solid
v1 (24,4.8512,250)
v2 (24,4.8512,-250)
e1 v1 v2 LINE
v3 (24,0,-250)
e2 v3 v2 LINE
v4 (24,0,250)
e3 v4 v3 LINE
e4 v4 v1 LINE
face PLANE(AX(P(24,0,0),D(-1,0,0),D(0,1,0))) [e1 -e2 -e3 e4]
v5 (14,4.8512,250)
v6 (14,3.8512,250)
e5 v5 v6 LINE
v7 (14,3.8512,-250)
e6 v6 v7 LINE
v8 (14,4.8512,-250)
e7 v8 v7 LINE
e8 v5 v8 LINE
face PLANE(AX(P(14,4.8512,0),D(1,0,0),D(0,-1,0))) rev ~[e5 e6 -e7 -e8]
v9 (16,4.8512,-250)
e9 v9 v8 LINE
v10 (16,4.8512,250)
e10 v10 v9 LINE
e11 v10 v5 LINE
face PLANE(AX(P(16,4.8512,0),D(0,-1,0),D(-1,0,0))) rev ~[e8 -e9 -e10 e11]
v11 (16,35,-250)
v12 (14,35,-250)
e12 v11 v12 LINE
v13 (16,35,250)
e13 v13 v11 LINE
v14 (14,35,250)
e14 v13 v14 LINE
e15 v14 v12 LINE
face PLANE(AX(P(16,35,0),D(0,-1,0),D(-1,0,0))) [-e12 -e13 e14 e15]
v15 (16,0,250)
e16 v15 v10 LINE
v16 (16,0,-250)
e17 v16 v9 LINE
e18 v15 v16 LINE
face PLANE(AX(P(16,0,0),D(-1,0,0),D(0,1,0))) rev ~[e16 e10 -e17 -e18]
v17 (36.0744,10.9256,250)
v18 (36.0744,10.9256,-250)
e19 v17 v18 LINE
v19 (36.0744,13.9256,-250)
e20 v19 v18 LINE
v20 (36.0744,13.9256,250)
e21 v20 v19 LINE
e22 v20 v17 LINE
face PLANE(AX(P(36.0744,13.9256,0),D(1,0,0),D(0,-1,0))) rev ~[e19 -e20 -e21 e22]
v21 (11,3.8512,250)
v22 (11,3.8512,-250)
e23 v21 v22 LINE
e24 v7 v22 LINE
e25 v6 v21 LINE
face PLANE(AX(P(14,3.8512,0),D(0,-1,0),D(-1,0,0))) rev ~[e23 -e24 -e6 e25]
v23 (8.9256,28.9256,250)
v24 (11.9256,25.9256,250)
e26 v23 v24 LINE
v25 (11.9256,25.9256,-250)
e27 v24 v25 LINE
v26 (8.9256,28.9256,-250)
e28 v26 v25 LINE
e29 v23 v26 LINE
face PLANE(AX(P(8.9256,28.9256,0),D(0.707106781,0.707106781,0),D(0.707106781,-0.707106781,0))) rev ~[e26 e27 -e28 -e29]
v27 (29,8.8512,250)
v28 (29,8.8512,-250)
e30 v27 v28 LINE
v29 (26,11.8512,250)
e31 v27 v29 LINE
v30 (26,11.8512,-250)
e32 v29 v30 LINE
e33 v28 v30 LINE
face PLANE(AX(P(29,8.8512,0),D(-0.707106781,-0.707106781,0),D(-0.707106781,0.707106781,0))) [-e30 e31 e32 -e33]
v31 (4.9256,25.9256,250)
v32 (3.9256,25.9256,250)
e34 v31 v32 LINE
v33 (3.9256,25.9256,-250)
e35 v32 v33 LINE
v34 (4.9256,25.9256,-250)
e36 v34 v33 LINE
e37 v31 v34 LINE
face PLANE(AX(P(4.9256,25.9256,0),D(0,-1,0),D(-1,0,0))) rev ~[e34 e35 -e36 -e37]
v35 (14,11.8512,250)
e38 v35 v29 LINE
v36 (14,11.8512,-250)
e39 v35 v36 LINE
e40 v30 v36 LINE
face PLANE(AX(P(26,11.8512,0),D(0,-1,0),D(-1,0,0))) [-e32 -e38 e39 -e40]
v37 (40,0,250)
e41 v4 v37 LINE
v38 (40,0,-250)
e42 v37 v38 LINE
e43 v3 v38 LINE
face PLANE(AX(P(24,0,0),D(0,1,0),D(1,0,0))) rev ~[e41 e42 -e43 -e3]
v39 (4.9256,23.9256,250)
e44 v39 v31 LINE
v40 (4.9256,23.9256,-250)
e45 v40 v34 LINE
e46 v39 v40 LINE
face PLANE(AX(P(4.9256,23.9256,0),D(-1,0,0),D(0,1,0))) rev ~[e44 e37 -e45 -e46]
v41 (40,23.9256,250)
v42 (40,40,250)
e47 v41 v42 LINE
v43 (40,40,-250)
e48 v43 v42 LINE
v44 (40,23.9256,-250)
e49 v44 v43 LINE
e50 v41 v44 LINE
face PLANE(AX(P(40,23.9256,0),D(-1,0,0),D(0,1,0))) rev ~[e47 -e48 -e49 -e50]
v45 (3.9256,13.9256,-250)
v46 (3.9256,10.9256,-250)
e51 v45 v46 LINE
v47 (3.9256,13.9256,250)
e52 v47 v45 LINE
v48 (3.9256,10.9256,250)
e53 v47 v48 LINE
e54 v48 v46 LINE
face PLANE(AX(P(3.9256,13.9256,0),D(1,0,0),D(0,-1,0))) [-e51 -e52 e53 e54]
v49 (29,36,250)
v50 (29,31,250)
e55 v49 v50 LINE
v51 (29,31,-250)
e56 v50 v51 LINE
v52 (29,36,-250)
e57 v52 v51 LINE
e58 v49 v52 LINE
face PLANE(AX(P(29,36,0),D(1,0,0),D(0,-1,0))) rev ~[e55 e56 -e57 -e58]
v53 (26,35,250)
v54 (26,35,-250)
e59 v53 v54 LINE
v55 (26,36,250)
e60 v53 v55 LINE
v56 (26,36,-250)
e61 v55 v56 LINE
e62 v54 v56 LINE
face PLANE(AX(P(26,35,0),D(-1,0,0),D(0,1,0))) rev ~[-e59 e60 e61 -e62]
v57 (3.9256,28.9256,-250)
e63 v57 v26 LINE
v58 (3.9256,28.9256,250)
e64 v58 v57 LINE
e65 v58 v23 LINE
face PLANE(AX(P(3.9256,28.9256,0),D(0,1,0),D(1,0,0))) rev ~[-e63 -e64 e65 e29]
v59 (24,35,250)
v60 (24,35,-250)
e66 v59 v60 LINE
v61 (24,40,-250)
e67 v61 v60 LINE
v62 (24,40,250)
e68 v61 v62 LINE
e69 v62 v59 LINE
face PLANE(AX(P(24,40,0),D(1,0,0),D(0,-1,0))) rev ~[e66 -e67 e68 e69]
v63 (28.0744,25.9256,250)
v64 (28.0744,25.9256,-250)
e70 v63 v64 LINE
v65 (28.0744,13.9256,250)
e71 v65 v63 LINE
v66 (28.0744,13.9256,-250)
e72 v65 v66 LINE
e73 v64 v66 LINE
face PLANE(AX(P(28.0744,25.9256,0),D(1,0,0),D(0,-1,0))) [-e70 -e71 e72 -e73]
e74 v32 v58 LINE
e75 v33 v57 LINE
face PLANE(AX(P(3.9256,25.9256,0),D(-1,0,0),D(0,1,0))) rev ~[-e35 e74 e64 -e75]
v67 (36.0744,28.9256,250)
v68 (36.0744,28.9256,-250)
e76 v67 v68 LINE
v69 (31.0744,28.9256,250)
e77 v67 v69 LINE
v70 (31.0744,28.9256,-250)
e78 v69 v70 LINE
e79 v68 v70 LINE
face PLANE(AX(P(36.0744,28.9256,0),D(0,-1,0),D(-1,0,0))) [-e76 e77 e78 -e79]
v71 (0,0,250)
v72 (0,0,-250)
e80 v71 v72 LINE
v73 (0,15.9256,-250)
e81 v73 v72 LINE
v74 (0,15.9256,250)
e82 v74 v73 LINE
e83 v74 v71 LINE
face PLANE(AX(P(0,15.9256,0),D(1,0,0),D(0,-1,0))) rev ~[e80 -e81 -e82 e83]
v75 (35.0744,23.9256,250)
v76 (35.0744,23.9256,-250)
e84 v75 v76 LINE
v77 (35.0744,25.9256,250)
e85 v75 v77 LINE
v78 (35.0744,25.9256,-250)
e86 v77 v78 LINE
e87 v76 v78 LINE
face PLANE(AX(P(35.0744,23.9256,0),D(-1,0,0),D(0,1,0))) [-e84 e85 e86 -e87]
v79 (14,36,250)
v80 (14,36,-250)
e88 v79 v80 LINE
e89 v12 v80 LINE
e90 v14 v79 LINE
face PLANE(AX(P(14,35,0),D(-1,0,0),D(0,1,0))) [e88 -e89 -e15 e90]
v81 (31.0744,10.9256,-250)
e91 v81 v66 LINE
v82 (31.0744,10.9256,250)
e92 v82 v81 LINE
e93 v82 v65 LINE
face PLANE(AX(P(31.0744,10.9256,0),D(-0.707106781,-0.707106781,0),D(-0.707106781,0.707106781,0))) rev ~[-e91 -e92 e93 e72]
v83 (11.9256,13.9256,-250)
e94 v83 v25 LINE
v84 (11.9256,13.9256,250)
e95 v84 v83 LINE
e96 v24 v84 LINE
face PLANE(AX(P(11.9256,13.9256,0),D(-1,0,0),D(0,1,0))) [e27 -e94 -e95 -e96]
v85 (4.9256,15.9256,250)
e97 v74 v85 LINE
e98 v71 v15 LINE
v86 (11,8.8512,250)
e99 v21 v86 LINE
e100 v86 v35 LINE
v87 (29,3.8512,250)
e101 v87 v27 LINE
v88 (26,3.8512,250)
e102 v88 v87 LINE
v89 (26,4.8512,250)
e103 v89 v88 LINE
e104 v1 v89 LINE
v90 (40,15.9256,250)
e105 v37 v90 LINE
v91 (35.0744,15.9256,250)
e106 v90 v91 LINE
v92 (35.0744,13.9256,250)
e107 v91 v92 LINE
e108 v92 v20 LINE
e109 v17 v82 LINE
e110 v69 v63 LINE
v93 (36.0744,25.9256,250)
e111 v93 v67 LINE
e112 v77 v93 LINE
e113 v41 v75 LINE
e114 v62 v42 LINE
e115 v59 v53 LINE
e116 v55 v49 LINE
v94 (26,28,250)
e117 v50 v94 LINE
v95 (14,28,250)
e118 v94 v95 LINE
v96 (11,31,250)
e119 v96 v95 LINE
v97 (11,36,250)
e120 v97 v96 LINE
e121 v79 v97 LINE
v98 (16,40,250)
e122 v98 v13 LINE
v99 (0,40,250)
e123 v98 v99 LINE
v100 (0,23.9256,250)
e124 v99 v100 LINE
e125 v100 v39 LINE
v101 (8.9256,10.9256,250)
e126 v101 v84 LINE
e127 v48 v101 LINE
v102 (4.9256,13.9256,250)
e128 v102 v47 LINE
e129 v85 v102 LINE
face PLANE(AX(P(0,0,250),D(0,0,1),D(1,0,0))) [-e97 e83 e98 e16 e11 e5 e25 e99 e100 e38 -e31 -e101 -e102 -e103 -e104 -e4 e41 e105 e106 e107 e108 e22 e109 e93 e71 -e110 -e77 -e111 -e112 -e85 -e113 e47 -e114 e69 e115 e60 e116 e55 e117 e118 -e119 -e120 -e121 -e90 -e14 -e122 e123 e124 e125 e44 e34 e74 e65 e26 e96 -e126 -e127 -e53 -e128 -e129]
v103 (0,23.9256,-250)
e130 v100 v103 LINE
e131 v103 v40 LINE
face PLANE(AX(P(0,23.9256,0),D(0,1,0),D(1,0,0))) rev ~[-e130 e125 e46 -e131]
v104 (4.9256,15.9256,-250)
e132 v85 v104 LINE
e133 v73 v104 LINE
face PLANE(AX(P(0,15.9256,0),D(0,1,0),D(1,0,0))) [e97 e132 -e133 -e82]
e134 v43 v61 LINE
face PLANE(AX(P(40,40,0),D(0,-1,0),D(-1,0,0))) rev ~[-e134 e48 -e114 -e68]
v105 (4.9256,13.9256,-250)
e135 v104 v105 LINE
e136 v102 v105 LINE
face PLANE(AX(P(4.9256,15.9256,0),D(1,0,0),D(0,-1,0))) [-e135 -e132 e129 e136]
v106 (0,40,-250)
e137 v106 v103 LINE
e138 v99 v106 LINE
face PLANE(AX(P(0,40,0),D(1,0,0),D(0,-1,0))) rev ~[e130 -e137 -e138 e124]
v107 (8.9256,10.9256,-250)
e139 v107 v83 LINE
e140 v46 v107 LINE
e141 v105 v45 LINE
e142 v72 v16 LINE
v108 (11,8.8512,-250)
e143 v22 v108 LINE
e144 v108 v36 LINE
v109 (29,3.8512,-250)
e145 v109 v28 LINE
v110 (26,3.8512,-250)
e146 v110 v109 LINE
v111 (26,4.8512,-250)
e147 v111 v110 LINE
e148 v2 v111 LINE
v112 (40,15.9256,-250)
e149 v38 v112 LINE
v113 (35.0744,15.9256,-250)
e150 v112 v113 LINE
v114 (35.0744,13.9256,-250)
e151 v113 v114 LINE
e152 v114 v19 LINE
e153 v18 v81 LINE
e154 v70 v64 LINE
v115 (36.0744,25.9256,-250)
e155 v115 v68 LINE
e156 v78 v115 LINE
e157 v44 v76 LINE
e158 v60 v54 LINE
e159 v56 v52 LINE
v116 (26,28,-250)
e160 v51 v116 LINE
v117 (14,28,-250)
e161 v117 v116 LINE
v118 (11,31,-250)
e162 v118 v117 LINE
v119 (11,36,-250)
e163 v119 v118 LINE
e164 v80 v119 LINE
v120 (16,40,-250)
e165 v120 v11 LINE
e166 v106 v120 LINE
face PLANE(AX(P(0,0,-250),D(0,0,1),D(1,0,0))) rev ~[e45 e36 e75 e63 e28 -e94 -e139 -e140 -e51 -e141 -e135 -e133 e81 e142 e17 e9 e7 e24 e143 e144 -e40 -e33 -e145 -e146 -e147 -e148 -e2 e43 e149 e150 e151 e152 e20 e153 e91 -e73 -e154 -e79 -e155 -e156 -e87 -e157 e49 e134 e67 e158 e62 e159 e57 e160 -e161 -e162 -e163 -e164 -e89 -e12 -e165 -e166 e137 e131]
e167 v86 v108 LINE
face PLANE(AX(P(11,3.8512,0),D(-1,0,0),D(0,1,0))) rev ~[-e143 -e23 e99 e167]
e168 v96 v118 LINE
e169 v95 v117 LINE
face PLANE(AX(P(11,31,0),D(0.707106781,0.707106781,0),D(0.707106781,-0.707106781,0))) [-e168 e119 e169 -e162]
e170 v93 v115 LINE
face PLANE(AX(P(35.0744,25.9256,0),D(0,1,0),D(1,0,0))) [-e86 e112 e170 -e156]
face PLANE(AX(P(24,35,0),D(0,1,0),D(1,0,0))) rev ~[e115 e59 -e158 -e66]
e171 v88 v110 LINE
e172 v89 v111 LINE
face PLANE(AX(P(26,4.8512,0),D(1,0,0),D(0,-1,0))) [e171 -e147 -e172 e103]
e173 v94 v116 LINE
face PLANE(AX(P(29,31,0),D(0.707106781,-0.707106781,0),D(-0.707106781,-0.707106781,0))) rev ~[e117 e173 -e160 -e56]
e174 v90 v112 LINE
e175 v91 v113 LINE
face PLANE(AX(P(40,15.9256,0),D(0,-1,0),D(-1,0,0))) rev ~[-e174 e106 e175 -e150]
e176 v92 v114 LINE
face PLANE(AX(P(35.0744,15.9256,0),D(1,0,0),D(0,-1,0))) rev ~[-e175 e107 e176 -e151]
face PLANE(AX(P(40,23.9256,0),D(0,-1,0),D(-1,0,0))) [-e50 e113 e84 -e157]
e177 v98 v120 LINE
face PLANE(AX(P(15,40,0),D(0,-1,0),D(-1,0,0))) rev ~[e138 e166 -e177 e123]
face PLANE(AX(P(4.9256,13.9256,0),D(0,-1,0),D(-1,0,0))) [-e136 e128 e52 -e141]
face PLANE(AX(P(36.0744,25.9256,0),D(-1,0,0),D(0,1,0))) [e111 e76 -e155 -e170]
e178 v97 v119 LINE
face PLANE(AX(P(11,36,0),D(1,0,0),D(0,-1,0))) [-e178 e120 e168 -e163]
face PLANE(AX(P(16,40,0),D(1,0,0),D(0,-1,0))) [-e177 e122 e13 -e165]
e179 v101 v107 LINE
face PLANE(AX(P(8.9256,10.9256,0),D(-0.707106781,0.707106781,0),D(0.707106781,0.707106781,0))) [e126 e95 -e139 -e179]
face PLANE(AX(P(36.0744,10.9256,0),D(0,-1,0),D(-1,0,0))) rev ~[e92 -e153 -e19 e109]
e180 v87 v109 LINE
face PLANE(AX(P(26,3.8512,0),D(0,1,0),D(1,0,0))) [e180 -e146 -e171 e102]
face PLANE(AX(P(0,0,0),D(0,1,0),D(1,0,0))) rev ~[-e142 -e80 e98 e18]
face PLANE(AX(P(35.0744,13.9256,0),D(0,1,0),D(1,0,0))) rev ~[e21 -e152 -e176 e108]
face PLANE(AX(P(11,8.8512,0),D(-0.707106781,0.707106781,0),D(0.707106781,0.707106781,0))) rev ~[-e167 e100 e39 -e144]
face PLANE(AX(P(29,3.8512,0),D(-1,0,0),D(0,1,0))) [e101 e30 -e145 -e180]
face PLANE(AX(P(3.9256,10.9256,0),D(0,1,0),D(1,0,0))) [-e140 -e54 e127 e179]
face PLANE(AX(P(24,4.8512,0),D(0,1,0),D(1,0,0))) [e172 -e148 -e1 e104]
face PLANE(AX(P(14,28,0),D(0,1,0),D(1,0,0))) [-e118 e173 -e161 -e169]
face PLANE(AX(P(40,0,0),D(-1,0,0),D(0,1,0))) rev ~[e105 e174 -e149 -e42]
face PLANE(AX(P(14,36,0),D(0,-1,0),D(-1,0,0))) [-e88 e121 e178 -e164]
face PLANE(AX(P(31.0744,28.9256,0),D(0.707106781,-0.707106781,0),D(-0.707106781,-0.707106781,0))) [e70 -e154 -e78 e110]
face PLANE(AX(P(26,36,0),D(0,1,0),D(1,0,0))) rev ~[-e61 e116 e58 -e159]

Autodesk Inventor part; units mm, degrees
ref_plane "YZ Plane" through (0, 0, 0) normal (1, 0, 0) x (0, 1, 0)
ref_plane "XZ Plane" through (0, 0, 0) normal (0, 1, 0) x (-1, 0, 0)
ref_plane "XY Plane" through (0, 0, 0) normal (0, 0, 1) x (1, 0, 0)
sketch "스케치1" plane through (0, 0, 0) normal (0, 0, 1) x (1, 0, 0)
  line L0 (40, 40) -> (25, 40)
  line L1 (15, 40) -> (0, 40)
  line L2 (16, 40) -> (16, 35)
  line L3 (16, 35) -> (14, 35)
  line L4 (14, 35) -> (14, 36)
  line L5 (14, 36) -> (11, 36)
  line L6 (11, 36) -> (11, 31)
  line L7 (11, 31) -> (14, 28)
  line L8 (11, 31) -> (20.81, 31) construction
  line L9 (14, 28) -> (20, 28)
  line L10 (24, 40) -> (24, 35)
  line L11 (24, 35) -> (26, 35)
  line L12 (26, 35) -> (26, 36)
  line L13 (26, 36) -> (29, 36)
  line L14 (29, 36) -> (29, 31)
  line L15 (29, 31) -> (26, 28)
  line L16 (29, 31) -> (19.19, 31) construction
  line L17 (26, 28) -> (20, 28)
  line L18 (-0.0744, 15.9256) -> (4.9256, 15.9256)
  line L19 (-0.0744, 23.9256) -> (4.9256, 23.9256)
  line L20 (4.9256, 23.9256) -> (4.9256, 25.9256)
  line L21 (11.9256, 25.9256) -> (11.9256, 19.9256)
  line L22 (8.9256, 28.9256) -> (8.9256, 19.1155) construction
  line L23 (8.9256, 28.9256) -> (11.9256, 25.9256)
  line L24 (3.9256, 28.9256) -> (8.9256, 28.9256)
  line L25 (3.9256, 25.9256) -> (3.9256, 28.9256)
  line L26 (4.9256, 25.9256) -> (3.9256, 25.9256)
  line L27 (4.9256, 15.9256) -> (4.9256, 13.9256)
  line L28 (11.9256, 13.9256) -> (11.9256, 19.9256)
  line L29 (4.9256, 13.9256) -> (3.9256, 13.9256)
  line L30 (8.9256, 10.9256) -> (11.9256, 13.9256)
  line L31 (8.9256, 10.9256) -> (8.9256, 20.7356) construction
  line L32 (3.9256, 13.9256) -> (3.9256, 10.9256)
  line L33 (3.9256, 10.9256) -> (8.9256, 10.9256)
  line L34 (24, -0.1488) -> (24, 4.8512)
  line L35 (16, -0.1488) -> (16, 4.8512)
  line L36 (16, 4.8512) -> (14, 4.8512)
  line L37 (14, 11.8512) -> (20, 11.8512)
  line L38 (11, 8.8512) -> (20.81, 8.8512) construction
  line L39 (11, 8.8512) -> (14, 11.8512)
  line L40 (11, 3.8512) -> (11, 8.8512)
  line L41 (14, 3.8512) -> (11, 3.8512)
  line L42 (14, 4.8512) -> (14, 3.8512)
  line L43 (24, 4.8512) -> (26, 4.8512)
  line L44 (26, 11.8512) -> (20, 11.8512)
  line L45 (26, 4.8512) -> (26, 3.8512)
  line L46 (29, 8.8512) -> (26, 11.8512)
  line L47 (29, 8.8512) -> (19.19, 8.8512) construction
  line L48 (26, 3.8512) -> (29, 3.8512)
  line L49 (29, 3.8512) -> (29, 8.8512)
  line L50 (40.0744, 23.9256) -> (35.0744, 23.9256)
  line L51 (40.0744, 15.9256) -> (35.0744, 15.9256)
  line L52 (35.0744, 15.9256) -> (35.0744, 13.9256)
  line L53 (28.0744, 13.9256) -> (28.0744, 19.9256)
  line L54 (31.0744, 10.9256) -> (31.0744, 20.7356) construction
  line L55 (31.0744, 10.9256) -> (28.0744, 13.9256)
  line L56 (36.0744, 10.9256) -> (31.0744, 10.9256)
  line L57 (36.0744, 13.9256) -> (36.0744, 10.9256)
  line L58 (35.0744, 13.9256) -> (36.0744, 13.9256)
  line L59 (35.0744, 23.9256) -> (35.0744, 25.9256)
  line L60 (28.0744, 25.9256) -> (28.0744, 19.9256)
  line L61 (35.0744, 25.9256) -> (36.0744, 25.9256)
  line L62 (31.0744, 28.9256) -> (28.0744, 25.9256)
  line L63 (31.0744, 28.9256) -> (31.0744, 19.1155) construction
  line L64 (36.0744, 25.9256) -> (36.0744, 28.9256)
  line L65 (36.0744, 28.9256) -> (31.0744, 28.9256)
  line L66 (11, 20) -> (11.9256, 20)
  line L67 (28.0744, 20) -> (29, 20)
  line L68 (20, 3.8512) -> (20, 4.8512)
  line L69 (20, 35) -> (20, 36)
  line L70 (15, 40) -> (16, 40)
  line L71 (24, 40) -> (25, 40)
  line L72 (0, 40) -> (0, 23.9256)
  line L73 (0, 15.9256) -> (0, 0)
  line L74 (40, 0) -> (40, 15.9256)
  line L75 (40, 23.9256) -> (40, 40)
  line L76 (0, 0) -> (16, 0)
  line L77 (24, 0) -> (40, 0)
  point P0 (25, 38)
  point P1 (20, 19.9256)
  point P2 (15, 35)
  point P3 (25, 35)
  point P4 (4.9256, 24.9256)
  point P5 (4.9256, 14.9256)
  point P6 (15, 4.8512)
  point P7 (25, 4.8512)
  point P8 (35.0744, 14.9256)
  point P9 (35.0744, 24.9256)
  dimension "d0" = 40
  dimension "d1" = 40
  dimension "d14" = 2
  dimension "d15" = 5
  dimension "d16" = 1
  dimension "d17" = 3
  dimension "d18" = 5
  dimension "d19" = 45
  dimension "d21" = 7
  dimension "d24" = 360
extrude "돌출1" add sketch "스케치1" along normal mid plane 500
properties part number "50" material "철, 회색"
